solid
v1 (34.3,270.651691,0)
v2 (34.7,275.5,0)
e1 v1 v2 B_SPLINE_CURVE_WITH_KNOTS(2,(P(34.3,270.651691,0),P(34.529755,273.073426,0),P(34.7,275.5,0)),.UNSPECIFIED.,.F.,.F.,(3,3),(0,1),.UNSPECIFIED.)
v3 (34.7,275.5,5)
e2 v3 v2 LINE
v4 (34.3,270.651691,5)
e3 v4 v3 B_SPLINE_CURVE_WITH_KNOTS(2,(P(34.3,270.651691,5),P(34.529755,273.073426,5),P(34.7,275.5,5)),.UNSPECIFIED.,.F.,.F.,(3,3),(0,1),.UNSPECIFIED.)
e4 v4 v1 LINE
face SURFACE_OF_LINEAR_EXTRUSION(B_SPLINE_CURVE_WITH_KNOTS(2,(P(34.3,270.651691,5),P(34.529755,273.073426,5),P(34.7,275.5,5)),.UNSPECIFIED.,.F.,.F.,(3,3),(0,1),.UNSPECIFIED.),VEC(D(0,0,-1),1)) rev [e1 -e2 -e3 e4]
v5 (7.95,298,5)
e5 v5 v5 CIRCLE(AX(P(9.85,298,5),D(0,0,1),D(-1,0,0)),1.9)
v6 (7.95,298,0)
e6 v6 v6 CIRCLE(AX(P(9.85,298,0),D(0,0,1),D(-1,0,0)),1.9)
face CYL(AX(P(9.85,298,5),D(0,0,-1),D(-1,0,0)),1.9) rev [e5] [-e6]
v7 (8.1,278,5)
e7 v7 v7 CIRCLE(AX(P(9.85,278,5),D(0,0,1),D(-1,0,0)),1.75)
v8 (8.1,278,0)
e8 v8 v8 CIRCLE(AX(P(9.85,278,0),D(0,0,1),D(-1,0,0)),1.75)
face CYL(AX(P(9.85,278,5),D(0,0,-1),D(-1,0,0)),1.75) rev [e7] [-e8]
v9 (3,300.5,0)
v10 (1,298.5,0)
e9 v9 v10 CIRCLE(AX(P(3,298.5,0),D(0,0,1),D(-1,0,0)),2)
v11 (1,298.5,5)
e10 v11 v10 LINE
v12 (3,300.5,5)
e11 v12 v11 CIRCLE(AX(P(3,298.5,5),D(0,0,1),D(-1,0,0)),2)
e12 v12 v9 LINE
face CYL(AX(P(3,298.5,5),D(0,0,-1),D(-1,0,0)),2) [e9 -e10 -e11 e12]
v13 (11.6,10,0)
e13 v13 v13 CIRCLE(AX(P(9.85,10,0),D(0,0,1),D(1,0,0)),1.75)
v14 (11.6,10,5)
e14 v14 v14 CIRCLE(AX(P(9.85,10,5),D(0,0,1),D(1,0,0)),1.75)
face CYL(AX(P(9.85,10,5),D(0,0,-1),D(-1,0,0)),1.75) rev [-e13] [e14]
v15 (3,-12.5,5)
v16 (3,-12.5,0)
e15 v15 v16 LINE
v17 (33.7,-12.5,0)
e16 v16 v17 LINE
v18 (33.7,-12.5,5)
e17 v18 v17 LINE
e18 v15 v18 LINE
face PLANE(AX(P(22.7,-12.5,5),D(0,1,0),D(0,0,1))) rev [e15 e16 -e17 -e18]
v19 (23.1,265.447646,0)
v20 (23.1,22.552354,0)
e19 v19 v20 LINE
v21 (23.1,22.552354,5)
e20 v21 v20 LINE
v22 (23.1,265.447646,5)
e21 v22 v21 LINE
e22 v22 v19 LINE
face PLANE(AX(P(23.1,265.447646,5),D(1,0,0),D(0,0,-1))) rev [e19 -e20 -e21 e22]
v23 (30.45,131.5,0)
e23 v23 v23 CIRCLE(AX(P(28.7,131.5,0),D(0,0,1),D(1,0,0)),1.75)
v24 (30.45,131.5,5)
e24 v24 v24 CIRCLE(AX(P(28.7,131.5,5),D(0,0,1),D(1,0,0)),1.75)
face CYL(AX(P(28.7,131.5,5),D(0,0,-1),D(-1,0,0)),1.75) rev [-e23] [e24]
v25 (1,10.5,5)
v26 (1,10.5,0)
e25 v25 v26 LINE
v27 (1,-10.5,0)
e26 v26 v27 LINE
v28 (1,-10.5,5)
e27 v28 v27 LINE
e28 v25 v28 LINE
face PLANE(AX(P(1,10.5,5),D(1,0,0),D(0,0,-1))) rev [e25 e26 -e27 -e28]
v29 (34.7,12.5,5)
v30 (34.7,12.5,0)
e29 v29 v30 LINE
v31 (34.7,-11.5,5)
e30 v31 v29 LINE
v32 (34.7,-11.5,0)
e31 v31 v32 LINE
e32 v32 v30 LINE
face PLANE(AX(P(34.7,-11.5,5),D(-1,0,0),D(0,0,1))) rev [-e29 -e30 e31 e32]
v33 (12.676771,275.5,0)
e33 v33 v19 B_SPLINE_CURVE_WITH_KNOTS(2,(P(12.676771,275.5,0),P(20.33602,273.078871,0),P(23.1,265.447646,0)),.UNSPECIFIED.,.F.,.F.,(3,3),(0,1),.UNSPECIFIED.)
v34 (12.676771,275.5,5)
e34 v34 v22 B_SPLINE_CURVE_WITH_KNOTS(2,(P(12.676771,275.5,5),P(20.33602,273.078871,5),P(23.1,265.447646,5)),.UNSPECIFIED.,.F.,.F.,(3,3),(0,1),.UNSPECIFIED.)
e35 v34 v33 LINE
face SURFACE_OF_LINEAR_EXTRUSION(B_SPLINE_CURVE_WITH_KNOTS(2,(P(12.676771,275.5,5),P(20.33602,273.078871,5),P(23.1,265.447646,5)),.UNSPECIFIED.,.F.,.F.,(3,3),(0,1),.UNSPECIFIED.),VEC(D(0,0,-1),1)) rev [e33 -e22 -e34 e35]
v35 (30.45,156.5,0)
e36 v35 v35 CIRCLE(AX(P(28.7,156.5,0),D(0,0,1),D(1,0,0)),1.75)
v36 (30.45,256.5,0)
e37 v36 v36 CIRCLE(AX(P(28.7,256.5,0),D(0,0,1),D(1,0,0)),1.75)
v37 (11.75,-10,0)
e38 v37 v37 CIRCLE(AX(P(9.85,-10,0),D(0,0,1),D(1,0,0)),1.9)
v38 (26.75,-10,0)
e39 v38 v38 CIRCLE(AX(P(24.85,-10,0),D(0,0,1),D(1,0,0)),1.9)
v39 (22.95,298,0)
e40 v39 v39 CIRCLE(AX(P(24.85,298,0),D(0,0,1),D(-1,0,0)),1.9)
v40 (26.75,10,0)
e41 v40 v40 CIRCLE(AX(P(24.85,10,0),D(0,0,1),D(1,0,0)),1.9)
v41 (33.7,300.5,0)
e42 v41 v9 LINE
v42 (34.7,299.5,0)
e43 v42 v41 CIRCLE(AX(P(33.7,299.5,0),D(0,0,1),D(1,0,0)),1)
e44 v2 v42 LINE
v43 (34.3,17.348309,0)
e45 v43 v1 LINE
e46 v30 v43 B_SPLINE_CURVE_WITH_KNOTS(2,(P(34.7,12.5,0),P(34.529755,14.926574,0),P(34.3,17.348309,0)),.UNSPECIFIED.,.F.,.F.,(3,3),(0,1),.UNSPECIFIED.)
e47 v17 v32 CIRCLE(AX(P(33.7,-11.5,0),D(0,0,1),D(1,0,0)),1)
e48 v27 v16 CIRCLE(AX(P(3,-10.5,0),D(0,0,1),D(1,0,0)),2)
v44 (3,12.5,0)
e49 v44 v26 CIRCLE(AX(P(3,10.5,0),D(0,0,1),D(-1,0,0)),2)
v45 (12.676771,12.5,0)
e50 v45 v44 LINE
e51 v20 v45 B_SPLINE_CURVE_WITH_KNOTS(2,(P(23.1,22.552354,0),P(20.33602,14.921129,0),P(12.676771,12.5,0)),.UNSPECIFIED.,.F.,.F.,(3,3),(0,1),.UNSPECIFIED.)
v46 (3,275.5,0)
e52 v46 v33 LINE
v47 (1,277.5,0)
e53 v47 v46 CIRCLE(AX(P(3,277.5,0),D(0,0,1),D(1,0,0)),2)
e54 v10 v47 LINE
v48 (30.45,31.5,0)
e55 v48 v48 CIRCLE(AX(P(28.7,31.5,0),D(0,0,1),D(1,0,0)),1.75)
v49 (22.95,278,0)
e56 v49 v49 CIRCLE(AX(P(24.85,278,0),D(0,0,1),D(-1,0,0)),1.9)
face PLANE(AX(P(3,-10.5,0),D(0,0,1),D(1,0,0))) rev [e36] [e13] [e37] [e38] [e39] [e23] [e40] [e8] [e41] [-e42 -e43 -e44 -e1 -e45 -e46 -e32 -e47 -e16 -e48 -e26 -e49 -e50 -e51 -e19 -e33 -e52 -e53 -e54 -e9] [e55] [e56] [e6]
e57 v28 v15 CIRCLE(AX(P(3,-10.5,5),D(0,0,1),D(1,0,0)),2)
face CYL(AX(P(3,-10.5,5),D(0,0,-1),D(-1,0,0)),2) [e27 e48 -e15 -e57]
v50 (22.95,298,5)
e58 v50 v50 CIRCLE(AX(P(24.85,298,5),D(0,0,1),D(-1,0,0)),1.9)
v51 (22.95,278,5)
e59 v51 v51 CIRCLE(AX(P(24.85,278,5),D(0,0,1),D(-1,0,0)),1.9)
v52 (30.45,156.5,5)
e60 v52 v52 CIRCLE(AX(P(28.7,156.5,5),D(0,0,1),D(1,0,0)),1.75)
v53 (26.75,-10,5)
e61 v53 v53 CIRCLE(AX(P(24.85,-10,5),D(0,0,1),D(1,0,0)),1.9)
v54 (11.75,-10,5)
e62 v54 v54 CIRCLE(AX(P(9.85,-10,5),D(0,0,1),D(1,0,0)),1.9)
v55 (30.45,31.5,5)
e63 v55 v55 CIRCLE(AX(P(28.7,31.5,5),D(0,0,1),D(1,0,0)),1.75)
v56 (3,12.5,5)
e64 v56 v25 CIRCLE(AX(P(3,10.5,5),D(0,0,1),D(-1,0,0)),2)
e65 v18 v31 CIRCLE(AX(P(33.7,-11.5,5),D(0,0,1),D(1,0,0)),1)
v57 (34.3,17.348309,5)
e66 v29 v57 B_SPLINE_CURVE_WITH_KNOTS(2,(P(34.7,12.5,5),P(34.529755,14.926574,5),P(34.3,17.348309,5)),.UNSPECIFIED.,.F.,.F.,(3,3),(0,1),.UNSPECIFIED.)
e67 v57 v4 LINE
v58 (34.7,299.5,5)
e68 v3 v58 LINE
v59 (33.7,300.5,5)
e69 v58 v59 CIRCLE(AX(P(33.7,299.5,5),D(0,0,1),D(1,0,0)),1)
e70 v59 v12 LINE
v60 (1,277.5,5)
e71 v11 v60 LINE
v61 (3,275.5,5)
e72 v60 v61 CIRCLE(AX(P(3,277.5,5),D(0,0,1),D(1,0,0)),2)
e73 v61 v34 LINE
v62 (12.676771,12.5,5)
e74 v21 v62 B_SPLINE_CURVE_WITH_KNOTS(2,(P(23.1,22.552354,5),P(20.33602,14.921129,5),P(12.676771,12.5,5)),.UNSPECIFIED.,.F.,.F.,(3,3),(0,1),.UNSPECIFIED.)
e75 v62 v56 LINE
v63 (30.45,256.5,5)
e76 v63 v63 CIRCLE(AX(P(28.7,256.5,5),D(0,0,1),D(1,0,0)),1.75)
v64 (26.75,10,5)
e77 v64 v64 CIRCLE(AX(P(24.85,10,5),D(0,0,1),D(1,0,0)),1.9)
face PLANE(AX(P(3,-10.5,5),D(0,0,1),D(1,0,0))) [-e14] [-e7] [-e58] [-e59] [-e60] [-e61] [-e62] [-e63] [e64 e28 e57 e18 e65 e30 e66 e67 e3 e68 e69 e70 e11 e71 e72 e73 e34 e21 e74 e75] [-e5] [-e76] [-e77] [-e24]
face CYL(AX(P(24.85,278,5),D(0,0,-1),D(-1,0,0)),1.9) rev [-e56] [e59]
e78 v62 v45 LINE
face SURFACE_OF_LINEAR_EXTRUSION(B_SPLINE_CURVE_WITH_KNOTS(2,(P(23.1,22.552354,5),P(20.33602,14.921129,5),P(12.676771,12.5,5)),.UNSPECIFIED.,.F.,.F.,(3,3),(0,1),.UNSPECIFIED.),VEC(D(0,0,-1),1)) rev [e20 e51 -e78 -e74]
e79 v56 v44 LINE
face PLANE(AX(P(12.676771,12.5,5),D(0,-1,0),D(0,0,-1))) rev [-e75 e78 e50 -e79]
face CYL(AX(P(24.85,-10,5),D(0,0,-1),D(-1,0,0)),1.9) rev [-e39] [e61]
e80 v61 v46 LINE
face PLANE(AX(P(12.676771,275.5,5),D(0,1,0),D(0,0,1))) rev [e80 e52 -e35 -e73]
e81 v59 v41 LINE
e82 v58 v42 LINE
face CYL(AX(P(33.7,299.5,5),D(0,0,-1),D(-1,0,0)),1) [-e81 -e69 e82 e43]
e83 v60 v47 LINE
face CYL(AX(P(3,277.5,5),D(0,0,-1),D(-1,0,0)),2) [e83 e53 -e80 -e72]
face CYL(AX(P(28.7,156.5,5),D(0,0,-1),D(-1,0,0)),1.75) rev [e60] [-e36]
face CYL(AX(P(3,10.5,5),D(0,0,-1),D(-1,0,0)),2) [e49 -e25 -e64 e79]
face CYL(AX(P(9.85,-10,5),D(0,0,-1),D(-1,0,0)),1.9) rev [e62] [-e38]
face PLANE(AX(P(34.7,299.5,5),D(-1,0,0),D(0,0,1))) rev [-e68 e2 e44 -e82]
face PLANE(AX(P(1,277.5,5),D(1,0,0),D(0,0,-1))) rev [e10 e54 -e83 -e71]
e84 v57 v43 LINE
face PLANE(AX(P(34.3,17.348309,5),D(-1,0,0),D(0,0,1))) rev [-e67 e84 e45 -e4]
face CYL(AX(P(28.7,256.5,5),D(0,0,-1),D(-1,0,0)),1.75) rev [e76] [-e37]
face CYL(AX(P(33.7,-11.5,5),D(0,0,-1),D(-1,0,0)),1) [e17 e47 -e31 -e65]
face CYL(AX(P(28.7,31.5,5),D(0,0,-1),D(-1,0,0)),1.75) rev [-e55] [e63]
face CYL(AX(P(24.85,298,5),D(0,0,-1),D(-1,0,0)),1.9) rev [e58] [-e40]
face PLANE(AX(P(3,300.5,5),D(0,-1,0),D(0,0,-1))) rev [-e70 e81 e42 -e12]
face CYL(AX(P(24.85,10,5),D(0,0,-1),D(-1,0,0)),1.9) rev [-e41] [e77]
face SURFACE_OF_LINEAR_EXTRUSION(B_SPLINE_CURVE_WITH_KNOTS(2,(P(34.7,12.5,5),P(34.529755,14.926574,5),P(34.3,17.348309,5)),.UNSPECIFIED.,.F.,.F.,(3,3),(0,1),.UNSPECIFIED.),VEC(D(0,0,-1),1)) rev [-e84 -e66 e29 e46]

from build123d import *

# Parameters (mm, degrees)
SKETCH1_R           = 1.9
SKETCH1_R_2         = 1.75
BOSS_EXTRUDE1_DEPTH = 5


with BuildPart() as part:
    # Sketch1 → Boss-Extrude1 (new body)
    with BuildSketch(Plane.XY):
        with BuildLine():
            Line((22.7, -12.5), (33.7, -12.5))
            ThreePointArc((33.7, -12.5), (34.407106781, -12.207106781), (34.7, -11.5))
            Line((34.7, -11.5), (34.7, 12.5))
            add(Edge.make_bspline(
                [(34.3, 17.348309182), (34.529755129, 14.926573724), (34.7, 12.5)],
                knots=[0, 0, 0, 1, 1, 1], degree=2))
            Line((34.3, 17.348309182), (34.3, 270.651690818))
            add(Edge.make_bspline(
                [(34.3, 270.651690818), (34.529755129, 273.073426276), (34.7, 275.5)],
                knots=[0, 0, 0, 1, 1, 1], degree=2))
            Line((34.7, 275.5), (34.7, 299.5))
            ThreePointArc((34.7, 299.5), (34.407106781, 300.207106781), (33.7, 300.5))
            Line((33.7, 300.5), (22.7, 300.5))
            Line((22.7, 300.5), (3, 300.5))
            ThreePointArc((3, 300.5), (1.585786438, 299.914213562), (1, 298.5))
            Line((1, 298.5), (1, 277.5))
            ThreePointArc((1, 277.5), (1.585786438, 276.085786438), (3, 275.5))
            Line((3, 275.5), (12.676771392, 275.5))
            add(Edge.make_bspline(
                [(23.1, 265.447646174), (20.336020381, 273.078870877), (12.676771392, 275.5)],
                knots=[0, 0, 0, 1, 1, 1], degree=2))
            Line((23.1, 265.447646174), (23.1, 22.552353826))
            add(Edge.make_bspline(
                [(23.1, 22.552353826), (20.336020381, 14.921129123), (12.676771392, 12.5)],
                knots=[0, 0, 0, 1, 1, 1], degree=2))
            Line((12.676771392, 12.5), (3, 12.5))
            ThreePointArc((3, 12.5), (1.585786438, 11.914213562), (1, 10.5))
            Line((1, 10.5), (1, -10.5))
            ThreePointArc((1, -10.5), (1.585786438, -11.914213562), (3, -12.5))
            Line((3, -12.5), (22.7, -12.5))
        make_face()
        with Locations((9.85, -10)):
            Circle(SKETCH1_R, mode=Mode.SUBTRACT)
        with Locations((9.85, 10)):
            Circle(SKETCH1_R_2, mode=Mode.SUBTRACT)
        with Locations((24.85, 10)):
            Circle(SKETCH1_R, mode=Mode.SUBTRACT)
        with Locations((24.85, -10)):
            Circle(SKETCH1_R, mode=Mode.SUBTRACT)
        with Locations((28.7, 131.5)):
            Circle(SKETCH1_R_2, mode=Mode.SUBTRACT)
        with Locations((28.7, 156.5)):
            Circle(SKETCH1_R_2, mode=Mode.SUBTRACT)
        with Locations((28.7, 256.5)):
            Circle(SKETCH1_R_2, mode=Mode.SUBTRACT)
        with Locations((28.7, 31.5)):
            Circle(SKETCH1_R_2, mode=Mode.SUBTRACT)
        with Locations(Location((24.85, 298, 0), (0, 0, 180))):
            Circle(SKETCH1_R, mode=Mode.SUBTRACT)
        with Locations(Location((24.85, 278, 0), (0, 0, 180))):
            Circle(SKETCH1_R, mode=Mode.SUBTRACT)
        with Locations(Location((9.85, 278, 0), (0, 0, 180))):
            Circle(SKETCH1_R_2, mode=Mode.SUBTRACT)
        with Locations(Location((9.85, 298, 0), (0, 0, 180))):
            Circle(SKETCH1_R, mode=Mode.SUBTRACT)
    extrude(amount=BOSS_EXTRUDE1_DEPTH)


solid = part.part
